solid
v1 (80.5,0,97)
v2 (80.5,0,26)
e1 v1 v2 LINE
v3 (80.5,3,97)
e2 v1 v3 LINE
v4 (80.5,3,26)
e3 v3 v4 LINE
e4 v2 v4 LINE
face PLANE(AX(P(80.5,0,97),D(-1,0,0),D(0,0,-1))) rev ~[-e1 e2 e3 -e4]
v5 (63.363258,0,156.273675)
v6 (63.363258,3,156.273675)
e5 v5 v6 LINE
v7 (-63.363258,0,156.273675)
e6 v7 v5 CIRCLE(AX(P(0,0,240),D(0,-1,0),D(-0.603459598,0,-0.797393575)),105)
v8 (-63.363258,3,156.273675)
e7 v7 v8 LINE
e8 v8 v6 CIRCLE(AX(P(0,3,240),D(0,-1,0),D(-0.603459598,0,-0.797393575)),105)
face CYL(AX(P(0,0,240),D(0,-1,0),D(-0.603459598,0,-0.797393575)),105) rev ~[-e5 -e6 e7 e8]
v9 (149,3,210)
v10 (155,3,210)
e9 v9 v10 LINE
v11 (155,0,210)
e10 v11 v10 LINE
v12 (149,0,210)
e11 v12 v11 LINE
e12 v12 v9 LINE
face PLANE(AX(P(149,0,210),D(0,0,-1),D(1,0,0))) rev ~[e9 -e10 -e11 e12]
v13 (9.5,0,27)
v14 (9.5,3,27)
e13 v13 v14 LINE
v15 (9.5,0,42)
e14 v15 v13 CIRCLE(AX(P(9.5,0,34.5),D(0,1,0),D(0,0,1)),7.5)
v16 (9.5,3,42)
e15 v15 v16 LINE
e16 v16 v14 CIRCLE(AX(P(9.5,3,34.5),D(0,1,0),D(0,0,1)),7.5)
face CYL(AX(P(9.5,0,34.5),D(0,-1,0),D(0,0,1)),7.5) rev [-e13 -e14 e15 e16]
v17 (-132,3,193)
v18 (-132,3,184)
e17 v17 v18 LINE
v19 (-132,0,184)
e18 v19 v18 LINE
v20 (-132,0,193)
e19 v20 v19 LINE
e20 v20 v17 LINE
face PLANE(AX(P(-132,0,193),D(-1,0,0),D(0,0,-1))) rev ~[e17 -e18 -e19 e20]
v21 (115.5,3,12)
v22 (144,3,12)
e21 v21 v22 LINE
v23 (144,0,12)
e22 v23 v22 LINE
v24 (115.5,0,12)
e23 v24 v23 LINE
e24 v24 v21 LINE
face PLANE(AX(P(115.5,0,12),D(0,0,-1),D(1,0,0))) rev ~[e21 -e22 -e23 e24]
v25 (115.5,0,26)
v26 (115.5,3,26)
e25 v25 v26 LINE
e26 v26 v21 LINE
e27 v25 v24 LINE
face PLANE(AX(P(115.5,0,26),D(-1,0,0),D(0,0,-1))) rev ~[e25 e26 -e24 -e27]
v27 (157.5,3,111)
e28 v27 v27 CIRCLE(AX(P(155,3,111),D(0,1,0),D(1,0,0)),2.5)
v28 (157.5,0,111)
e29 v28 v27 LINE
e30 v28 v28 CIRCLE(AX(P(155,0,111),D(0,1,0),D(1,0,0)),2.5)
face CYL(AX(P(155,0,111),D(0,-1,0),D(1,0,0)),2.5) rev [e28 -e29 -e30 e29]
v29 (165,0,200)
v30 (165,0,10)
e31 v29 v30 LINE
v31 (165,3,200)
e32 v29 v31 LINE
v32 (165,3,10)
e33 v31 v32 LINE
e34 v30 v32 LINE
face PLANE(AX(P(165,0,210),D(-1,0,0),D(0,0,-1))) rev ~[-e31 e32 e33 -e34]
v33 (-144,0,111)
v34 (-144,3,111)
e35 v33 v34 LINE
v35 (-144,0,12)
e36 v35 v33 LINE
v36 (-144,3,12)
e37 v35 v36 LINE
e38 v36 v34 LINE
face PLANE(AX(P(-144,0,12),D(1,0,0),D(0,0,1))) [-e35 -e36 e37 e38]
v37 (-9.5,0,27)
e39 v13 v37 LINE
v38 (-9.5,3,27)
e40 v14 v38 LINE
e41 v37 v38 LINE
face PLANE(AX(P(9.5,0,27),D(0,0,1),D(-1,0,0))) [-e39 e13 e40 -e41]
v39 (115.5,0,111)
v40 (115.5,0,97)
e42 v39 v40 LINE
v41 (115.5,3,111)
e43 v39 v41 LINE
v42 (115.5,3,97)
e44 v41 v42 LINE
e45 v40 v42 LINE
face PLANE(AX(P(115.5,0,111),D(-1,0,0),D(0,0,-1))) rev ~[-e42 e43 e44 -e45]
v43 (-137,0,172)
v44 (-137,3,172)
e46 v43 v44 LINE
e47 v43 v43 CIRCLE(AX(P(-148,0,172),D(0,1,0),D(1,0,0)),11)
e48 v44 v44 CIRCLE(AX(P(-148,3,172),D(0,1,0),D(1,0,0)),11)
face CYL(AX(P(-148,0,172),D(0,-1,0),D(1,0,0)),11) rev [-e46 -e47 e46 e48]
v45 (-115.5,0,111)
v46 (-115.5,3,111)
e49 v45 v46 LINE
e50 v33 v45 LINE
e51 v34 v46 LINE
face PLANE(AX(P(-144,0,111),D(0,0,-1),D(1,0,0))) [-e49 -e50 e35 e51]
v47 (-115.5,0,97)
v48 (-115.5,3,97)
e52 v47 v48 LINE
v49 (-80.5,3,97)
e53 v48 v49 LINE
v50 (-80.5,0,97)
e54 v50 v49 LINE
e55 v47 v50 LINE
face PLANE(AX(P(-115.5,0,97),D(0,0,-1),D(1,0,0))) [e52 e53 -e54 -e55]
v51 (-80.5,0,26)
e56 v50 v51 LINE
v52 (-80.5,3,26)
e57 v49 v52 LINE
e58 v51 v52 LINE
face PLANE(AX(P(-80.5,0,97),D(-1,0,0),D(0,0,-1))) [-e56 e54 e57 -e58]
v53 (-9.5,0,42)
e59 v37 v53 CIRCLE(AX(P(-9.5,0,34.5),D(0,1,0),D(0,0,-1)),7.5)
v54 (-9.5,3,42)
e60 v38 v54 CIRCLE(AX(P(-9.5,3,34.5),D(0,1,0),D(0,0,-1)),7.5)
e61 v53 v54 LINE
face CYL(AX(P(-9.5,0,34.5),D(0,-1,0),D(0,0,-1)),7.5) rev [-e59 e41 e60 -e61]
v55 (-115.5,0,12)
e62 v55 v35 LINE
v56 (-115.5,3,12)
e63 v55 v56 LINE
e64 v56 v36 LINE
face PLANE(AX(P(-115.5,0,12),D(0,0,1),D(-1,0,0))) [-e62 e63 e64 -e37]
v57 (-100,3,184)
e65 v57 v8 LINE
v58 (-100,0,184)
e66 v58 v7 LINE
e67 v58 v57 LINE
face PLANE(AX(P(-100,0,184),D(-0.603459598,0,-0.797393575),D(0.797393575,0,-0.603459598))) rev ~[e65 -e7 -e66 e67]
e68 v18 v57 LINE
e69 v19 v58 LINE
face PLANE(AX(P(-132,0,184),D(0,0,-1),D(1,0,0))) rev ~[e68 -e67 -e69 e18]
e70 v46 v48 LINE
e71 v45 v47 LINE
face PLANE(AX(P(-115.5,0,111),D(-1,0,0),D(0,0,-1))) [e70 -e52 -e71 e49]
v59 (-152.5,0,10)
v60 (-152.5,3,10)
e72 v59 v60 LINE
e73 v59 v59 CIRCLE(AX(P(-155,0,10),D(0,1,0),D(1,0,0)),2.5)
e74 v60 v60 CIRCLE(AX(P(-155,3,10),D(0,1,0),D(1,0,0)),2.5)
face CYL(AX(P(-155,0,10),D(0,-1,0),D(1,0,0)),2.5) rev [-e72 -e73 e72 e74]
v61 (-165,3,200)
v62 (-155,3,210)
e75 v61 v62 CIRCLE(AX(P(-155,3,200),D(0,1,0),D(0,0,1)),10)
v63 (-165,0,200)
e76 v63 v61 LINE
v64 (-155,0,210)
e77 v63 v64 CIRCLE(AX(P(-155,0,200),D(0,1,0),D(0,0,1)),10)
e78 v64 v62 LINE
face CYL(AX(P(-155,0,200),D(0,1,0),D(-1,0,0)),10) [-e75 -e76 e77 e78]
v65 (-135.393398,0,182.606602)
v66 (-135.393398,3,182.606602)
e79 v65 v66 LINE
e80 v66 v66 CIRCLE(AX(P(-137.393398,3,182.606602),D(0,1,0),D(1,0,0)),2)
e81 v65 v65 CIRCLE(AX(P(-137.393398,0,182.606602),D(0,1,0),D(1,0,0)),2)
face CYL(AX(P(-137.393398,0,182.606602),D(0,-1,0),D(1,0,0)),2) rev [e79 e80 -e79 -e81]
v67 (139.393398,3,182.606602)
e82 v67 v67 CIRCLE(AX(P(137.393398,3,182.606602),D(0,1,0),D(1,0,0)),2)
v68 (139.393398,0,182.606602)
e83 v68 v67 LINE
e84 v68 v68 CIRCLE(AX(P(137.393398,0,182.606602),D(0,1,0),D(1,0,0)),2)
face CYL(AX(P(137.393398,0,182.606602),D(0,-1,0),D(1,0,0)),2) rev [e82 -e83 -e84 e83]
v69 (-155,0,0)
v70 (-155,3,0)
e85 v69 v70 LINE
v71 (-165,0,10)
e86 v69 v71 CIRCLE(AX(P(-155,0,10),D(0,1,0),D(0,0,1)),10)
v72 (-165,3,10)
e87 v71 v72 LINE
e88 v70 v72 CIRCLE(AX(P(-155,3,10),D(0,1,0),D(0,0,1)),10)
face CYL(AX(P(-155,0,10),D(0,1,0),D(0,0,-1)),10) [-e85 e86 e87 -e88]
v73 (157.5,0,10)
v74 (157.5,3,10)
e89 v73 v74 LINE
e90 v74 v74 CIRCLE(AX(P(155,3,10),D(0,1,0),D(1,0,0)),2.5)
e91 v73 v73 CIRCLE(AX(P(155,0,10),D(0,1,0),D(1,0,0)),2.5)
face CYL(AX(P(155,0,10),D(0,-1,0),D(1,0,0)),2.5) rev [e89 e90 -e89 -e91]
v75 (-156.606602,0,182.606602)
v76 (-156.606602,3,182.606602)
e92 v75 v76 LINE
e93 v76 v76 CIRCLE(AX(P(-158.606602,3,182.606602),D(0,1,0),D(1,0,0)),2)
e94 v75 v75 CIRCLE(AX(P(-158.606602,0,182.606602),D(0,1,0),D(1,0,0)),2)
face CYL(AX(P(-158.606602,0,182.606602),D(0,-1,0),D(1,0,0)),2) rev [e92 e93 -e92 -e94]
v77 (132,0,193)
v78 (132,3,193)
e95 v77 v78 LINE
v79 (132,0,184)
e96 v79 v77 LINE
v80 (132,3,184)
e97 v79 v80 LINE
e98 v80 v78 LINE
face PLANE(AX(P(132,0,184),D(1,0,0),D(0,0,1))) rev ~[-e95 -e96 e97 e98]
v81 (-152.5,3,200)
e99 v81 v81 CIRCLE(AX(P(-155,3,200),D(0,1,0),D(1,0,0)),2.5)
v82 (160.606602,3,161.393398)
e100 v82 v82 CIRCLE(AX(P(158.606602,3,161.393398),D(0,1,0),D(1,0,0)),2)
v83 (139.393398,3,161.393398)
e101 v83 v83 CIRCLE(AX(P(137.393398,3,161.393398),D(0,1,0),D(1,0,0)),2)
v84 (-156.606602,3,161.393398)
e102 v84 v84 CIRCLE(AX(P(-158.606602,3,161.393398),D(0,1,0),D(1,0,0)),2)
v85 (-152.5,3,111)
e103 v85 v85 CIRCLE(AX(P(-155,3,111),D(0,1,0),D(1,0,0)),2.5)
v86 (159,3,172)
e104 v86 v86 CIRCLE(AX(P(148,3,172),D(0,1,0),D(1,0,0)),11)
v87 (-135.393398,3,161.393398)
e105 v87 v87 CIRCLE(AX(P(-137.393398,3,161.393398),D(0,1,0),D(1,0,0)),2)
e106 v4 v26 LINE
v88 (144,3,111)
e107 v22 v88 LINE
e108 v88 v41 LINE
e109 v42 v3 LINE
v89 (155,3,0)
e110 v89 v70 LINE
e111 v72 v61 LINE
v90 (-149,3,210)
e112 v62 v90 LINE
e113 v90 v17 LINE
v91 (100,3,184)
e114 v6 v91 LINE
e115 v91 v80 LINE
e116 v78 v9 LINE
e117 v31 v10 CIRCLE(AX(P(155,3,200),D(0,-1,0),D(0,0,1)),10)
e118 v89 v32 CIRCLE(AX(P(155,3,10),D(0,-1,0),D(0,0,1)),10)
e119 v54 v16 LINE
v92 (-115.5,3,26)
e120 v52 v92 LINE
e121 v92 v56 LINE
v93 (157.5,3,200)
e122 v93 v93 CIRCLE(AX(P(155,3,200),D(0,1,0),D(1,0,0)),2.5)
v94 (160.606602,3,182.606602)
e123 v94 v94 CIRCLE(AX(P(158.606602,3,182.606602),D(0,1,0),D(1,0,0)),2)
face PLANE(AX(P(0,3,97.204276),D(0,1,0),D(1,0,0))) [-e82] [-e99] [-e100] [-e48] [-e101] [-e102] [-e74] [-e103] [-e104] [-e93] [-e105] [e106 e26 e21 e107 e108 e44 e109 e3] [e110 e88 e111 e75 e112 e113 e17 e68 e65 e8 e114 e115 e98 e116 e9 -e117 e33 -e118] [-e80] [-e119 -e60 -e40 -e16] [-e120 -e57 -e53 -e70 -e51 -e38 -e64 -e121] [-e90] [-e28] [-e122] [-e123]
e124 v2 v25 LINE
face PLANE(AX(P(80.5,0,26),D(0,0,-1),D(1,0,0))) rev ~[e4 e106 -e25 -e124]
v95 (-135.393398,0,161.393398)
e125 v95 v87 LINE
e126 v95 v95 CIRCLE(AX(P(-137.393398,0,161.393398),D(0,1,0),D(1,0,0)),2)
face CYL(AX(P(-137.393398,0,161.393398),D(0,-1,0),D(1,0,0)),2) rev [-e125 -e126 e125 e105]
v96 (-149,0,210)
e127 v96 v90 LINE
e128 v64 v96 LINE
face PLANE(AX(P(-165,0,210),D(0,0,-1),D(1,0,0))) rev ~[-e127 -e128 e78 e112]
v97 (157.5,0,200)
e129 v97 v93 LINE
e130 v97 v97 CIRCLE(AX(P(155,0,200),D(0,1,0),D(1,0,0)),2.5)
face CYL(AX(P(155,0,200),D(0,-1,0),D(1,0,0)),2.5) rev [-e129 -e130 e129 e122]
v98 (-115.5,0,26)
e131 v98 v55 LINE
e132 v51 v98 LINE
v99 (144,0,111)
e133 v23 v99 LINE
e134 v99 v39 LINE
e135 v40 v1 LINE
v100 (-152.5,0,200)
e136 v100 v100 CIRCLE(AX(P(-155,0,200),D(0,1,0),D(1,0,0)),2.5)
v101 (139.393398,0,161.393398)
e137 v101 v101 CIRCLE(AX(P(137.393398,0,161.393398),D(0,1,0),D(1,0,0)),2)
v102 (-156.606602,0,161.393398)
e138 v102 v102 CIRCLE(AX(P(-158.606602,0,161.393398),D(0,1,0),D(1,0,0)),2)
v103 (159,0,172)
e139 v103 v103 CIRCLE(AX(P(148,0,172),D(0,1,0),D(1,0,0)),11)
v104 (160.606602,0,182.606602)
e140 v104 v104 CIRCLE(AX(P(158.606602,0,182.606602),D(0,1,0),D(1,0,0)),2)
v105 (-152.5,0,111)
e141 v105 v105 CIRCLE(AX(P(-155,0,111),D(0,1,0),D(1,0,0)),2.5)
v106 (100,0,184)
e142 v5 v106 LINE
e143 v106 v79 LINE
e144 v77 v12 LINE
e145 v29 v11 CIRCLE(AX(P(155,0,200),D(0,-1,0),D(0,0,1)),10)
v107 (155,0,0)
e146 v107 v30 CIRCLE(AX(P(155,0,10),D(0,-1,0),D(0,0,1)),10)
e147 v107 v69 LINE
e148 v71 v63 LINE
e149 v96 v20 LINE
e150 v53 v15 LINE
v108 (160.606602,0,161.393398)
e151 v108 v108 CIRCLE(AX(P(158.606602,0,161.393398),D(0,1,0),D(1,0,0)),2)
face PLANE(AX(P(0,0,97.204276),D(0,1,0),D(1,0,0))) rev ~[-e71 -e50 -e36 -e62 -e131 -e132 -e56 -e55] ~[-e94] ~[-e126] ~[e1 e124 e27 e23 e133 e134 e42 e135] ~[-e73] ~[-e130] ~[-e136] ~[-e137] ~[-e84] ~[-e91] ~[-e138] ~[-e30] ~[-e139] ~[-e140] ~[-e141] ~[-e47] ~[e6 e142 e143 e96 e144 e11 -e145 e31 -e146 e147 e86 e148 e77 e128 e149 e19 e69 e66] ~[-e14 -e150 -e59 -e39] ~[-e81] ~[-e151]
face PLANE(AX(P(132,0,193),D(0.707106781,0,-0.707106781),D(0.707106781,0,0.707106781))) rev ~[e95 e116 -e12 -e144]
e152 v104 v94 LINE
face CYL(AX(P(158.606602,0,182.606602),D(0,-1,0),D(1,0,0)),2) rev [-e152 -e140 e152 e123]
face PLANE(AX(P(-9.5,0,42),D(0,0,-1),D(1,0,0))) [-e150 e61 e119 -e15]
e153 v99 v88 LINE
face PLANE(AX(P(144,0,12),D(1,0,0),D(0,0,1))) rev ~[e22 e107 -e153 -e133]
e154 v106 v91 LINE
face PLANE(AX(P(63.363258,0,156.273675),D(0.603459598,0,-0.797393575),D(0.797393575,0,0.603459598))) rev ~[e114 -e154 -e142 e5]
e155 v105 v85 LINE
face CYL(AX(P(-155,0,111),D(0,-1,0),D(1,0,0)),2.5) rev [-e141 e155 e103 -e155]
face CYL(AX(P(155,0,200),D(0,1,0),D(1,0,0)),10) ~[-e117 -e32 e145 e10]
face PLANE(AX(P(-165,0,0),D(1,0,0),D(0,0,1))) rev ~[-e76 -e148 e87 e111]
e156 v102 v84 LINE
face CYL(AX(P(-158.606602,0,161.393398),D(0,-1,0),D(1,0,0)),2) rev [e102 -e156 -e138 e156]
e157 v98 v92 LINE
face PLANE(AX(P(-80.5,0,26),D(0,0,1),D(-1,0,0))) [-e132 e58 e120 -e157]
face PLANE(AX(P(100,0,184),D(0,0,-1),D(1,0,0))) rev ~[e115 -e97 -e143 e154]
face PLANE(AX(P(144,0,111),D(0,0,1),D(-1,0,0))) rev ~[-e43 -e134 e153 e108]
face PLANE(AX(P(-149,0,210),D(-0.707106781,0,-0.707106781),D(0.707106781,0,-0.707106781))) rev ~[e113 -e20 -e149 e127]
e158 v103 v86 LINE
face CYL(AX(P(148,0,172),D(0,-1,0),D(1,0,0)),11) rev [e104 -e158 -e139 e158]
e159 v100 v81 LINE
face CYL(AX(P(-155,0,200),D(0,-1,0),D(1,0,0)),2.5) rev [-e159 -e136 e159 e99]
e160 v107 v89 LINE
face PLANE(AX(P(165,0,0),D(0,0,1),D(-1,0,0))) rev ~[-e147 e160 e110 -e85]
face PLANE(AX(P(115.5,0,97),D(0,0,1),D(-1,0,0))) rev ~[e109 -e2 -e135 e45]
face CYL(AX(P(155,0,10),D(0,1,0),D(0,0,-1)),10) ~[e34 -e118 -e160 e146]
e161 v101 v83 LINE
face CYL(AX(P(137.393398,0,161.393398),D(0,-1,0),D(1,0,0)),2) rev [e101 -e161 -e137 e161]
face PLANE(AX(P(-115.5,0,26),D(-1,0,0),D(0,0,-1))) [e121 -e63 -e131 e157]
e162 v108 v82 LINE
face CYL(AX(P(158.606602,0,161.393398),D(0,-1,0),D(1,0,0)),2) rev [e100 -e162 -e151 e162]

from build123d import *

# Parameters (mm, degrees)
ESQUISSE1_R      = 2.5
ESQUISSE1_R_2    = 11
ESQUISSE1_R_3    = 2
EXTRUSION1_DEPTH = 3
CONG_1_R         = 10


with BuildPart() as part:
    # Esquisse1 → Extrusion1 (new body)
    with BuildSketch(Plane(origin=(0, 0, 0), x_dir=(1, 0, 0), z_dir=(0, 1, 0))):
        with BuildLine():
            Line((165, 0), (-165, 0))
            Line((-165, 0), (-165, -210))
            Line((-165, -210), (-149, -210))
            Line((-149, -210), (-132, -193))
            Line((-132, -193), (-132, -184))
            Line((-132, -184), (-100, -184))
            Line((-100, -184), (-63.363257782, -156.27367461))
            ThreePointArc((-63.363257782, -156.27367461), (0, -135), (63.363257782, -156.27367461))
            Line((63.363257782, -156.27367461), (100, -184))
            Line((100, -184), (132, -184))
            Line((132, -184), (132, -193))
            Line((132, -193), (149, -210))
            Line((149, -210), (165, -210))
            Line((165, -210), (165, 0))
        make_face()
        with Locations((-155, -10)):
            Circle(ESQUISSE1_R, mode=Mode.SUBTRACT)
        with Locations((155, -10)):
            Circle(ESQUISSE1_R, mode=Mode.SUBTRACT)
        with Locations((-155, -200)):
            Circle(ESQUISSE1_R, mode=Mode.SUBTRACT)
        with Locations((155, -200)):
            Circle(ESQUISSE1_R, mode=Mode.SUBTRACT)
        with Locations((-148, -172)):
            Circle(ESQUISSE1_R_2, mode=Mode.SUBTRACT)
        with Locations((-158.606601718, -161.393398282)):
            Circle(ESQUISSE1_R_3, mode=Mode.SUBTRACT)
        with Locations((-137.393398282, -161.393398282)):
            Circle(ESQUISSE1_R_3, mode=Mode.SUBTRACT)
        with Locations((-137.393398282, -182.606601718)):
            Circle(ESQUISSE1_R_3, mode=Mode.SUBTRACT)
        with Locations((-158.606601718, -182.606601718)):
            Circle(ESQUISSE1_R_3, mode=Mode.SUBTRACT)
        with Locations((148, -172)):
            Circle(ESQUISSE1_R_2, mode=Mode.SUBTRACT)
        with Locations((158.606601718, -182.606601718)):
            Circle(ESQUISSE1_R_3, mode=Mode.SUBTRACT)
        with Locations((137.393398282, -182.606601718)):
            Circle(ESQUISSE1_R_3, mode=Mode.SUBTRACT)
        with Locations((137.393398282, -161.393398282)):
            Circle(ESQUISSE1_R_3, mode=Mode.SUBTRACT)
        with Locations((158.606601718, -161.393398282)):
            Circle(ESQUISSE1_R_3, mode=Mode.SUBTRACT)
        with Locations((-155, -111)):
            Circle(ESQUISSE1_R, mode=Mode.SUBTRACT)
        with Locations((155, -111)):
            Circle(ESQUISSE1_R, mode=Mode.SUBTRACT)
        Polygon((-80.5, -26), (-115.5, -26), (-115.5, -12), (-144, -12), (-144, -111), (-115.5, -111), (-115.5, -97), (-80.5, -97), align=None, mode=Mode.SUBTRACT)
        Polygon((115.5, -26), (115.5, -12), (144, -12), (144, -111), (115.5, -111), (115.5, -97), (80.5, -97), (80.5, -26), align=None, mode=Mode.SUBTRACT)
        with BuildLine():
            Line((9.5, -27), (-9.5, -27))
            ThreePointArc((-9.5, -27), (-17, -34.5), (-9.5, -42))
            Line((-9.5, -42), (9.5, -42))
            ThreePointArc((9.5, -42), (17, -34.5), (9.5, -27))
        make_face(mode=Mode.SUBTRACT)
    extrude(amount=EXTRUSION1_DEPTH)

    # Congé1
    cong_1_edges = [part.edges().sort_by_distance(p)[0] for p in [
        (-165, 1.5, 0),
        (165, 1.5, 0),
        (165, 1.5, 210),
        (-165, 1.5, 210),
    ]]
    fillet(cong_1_edges, radius=CONG_1_R)


solid = part.part
